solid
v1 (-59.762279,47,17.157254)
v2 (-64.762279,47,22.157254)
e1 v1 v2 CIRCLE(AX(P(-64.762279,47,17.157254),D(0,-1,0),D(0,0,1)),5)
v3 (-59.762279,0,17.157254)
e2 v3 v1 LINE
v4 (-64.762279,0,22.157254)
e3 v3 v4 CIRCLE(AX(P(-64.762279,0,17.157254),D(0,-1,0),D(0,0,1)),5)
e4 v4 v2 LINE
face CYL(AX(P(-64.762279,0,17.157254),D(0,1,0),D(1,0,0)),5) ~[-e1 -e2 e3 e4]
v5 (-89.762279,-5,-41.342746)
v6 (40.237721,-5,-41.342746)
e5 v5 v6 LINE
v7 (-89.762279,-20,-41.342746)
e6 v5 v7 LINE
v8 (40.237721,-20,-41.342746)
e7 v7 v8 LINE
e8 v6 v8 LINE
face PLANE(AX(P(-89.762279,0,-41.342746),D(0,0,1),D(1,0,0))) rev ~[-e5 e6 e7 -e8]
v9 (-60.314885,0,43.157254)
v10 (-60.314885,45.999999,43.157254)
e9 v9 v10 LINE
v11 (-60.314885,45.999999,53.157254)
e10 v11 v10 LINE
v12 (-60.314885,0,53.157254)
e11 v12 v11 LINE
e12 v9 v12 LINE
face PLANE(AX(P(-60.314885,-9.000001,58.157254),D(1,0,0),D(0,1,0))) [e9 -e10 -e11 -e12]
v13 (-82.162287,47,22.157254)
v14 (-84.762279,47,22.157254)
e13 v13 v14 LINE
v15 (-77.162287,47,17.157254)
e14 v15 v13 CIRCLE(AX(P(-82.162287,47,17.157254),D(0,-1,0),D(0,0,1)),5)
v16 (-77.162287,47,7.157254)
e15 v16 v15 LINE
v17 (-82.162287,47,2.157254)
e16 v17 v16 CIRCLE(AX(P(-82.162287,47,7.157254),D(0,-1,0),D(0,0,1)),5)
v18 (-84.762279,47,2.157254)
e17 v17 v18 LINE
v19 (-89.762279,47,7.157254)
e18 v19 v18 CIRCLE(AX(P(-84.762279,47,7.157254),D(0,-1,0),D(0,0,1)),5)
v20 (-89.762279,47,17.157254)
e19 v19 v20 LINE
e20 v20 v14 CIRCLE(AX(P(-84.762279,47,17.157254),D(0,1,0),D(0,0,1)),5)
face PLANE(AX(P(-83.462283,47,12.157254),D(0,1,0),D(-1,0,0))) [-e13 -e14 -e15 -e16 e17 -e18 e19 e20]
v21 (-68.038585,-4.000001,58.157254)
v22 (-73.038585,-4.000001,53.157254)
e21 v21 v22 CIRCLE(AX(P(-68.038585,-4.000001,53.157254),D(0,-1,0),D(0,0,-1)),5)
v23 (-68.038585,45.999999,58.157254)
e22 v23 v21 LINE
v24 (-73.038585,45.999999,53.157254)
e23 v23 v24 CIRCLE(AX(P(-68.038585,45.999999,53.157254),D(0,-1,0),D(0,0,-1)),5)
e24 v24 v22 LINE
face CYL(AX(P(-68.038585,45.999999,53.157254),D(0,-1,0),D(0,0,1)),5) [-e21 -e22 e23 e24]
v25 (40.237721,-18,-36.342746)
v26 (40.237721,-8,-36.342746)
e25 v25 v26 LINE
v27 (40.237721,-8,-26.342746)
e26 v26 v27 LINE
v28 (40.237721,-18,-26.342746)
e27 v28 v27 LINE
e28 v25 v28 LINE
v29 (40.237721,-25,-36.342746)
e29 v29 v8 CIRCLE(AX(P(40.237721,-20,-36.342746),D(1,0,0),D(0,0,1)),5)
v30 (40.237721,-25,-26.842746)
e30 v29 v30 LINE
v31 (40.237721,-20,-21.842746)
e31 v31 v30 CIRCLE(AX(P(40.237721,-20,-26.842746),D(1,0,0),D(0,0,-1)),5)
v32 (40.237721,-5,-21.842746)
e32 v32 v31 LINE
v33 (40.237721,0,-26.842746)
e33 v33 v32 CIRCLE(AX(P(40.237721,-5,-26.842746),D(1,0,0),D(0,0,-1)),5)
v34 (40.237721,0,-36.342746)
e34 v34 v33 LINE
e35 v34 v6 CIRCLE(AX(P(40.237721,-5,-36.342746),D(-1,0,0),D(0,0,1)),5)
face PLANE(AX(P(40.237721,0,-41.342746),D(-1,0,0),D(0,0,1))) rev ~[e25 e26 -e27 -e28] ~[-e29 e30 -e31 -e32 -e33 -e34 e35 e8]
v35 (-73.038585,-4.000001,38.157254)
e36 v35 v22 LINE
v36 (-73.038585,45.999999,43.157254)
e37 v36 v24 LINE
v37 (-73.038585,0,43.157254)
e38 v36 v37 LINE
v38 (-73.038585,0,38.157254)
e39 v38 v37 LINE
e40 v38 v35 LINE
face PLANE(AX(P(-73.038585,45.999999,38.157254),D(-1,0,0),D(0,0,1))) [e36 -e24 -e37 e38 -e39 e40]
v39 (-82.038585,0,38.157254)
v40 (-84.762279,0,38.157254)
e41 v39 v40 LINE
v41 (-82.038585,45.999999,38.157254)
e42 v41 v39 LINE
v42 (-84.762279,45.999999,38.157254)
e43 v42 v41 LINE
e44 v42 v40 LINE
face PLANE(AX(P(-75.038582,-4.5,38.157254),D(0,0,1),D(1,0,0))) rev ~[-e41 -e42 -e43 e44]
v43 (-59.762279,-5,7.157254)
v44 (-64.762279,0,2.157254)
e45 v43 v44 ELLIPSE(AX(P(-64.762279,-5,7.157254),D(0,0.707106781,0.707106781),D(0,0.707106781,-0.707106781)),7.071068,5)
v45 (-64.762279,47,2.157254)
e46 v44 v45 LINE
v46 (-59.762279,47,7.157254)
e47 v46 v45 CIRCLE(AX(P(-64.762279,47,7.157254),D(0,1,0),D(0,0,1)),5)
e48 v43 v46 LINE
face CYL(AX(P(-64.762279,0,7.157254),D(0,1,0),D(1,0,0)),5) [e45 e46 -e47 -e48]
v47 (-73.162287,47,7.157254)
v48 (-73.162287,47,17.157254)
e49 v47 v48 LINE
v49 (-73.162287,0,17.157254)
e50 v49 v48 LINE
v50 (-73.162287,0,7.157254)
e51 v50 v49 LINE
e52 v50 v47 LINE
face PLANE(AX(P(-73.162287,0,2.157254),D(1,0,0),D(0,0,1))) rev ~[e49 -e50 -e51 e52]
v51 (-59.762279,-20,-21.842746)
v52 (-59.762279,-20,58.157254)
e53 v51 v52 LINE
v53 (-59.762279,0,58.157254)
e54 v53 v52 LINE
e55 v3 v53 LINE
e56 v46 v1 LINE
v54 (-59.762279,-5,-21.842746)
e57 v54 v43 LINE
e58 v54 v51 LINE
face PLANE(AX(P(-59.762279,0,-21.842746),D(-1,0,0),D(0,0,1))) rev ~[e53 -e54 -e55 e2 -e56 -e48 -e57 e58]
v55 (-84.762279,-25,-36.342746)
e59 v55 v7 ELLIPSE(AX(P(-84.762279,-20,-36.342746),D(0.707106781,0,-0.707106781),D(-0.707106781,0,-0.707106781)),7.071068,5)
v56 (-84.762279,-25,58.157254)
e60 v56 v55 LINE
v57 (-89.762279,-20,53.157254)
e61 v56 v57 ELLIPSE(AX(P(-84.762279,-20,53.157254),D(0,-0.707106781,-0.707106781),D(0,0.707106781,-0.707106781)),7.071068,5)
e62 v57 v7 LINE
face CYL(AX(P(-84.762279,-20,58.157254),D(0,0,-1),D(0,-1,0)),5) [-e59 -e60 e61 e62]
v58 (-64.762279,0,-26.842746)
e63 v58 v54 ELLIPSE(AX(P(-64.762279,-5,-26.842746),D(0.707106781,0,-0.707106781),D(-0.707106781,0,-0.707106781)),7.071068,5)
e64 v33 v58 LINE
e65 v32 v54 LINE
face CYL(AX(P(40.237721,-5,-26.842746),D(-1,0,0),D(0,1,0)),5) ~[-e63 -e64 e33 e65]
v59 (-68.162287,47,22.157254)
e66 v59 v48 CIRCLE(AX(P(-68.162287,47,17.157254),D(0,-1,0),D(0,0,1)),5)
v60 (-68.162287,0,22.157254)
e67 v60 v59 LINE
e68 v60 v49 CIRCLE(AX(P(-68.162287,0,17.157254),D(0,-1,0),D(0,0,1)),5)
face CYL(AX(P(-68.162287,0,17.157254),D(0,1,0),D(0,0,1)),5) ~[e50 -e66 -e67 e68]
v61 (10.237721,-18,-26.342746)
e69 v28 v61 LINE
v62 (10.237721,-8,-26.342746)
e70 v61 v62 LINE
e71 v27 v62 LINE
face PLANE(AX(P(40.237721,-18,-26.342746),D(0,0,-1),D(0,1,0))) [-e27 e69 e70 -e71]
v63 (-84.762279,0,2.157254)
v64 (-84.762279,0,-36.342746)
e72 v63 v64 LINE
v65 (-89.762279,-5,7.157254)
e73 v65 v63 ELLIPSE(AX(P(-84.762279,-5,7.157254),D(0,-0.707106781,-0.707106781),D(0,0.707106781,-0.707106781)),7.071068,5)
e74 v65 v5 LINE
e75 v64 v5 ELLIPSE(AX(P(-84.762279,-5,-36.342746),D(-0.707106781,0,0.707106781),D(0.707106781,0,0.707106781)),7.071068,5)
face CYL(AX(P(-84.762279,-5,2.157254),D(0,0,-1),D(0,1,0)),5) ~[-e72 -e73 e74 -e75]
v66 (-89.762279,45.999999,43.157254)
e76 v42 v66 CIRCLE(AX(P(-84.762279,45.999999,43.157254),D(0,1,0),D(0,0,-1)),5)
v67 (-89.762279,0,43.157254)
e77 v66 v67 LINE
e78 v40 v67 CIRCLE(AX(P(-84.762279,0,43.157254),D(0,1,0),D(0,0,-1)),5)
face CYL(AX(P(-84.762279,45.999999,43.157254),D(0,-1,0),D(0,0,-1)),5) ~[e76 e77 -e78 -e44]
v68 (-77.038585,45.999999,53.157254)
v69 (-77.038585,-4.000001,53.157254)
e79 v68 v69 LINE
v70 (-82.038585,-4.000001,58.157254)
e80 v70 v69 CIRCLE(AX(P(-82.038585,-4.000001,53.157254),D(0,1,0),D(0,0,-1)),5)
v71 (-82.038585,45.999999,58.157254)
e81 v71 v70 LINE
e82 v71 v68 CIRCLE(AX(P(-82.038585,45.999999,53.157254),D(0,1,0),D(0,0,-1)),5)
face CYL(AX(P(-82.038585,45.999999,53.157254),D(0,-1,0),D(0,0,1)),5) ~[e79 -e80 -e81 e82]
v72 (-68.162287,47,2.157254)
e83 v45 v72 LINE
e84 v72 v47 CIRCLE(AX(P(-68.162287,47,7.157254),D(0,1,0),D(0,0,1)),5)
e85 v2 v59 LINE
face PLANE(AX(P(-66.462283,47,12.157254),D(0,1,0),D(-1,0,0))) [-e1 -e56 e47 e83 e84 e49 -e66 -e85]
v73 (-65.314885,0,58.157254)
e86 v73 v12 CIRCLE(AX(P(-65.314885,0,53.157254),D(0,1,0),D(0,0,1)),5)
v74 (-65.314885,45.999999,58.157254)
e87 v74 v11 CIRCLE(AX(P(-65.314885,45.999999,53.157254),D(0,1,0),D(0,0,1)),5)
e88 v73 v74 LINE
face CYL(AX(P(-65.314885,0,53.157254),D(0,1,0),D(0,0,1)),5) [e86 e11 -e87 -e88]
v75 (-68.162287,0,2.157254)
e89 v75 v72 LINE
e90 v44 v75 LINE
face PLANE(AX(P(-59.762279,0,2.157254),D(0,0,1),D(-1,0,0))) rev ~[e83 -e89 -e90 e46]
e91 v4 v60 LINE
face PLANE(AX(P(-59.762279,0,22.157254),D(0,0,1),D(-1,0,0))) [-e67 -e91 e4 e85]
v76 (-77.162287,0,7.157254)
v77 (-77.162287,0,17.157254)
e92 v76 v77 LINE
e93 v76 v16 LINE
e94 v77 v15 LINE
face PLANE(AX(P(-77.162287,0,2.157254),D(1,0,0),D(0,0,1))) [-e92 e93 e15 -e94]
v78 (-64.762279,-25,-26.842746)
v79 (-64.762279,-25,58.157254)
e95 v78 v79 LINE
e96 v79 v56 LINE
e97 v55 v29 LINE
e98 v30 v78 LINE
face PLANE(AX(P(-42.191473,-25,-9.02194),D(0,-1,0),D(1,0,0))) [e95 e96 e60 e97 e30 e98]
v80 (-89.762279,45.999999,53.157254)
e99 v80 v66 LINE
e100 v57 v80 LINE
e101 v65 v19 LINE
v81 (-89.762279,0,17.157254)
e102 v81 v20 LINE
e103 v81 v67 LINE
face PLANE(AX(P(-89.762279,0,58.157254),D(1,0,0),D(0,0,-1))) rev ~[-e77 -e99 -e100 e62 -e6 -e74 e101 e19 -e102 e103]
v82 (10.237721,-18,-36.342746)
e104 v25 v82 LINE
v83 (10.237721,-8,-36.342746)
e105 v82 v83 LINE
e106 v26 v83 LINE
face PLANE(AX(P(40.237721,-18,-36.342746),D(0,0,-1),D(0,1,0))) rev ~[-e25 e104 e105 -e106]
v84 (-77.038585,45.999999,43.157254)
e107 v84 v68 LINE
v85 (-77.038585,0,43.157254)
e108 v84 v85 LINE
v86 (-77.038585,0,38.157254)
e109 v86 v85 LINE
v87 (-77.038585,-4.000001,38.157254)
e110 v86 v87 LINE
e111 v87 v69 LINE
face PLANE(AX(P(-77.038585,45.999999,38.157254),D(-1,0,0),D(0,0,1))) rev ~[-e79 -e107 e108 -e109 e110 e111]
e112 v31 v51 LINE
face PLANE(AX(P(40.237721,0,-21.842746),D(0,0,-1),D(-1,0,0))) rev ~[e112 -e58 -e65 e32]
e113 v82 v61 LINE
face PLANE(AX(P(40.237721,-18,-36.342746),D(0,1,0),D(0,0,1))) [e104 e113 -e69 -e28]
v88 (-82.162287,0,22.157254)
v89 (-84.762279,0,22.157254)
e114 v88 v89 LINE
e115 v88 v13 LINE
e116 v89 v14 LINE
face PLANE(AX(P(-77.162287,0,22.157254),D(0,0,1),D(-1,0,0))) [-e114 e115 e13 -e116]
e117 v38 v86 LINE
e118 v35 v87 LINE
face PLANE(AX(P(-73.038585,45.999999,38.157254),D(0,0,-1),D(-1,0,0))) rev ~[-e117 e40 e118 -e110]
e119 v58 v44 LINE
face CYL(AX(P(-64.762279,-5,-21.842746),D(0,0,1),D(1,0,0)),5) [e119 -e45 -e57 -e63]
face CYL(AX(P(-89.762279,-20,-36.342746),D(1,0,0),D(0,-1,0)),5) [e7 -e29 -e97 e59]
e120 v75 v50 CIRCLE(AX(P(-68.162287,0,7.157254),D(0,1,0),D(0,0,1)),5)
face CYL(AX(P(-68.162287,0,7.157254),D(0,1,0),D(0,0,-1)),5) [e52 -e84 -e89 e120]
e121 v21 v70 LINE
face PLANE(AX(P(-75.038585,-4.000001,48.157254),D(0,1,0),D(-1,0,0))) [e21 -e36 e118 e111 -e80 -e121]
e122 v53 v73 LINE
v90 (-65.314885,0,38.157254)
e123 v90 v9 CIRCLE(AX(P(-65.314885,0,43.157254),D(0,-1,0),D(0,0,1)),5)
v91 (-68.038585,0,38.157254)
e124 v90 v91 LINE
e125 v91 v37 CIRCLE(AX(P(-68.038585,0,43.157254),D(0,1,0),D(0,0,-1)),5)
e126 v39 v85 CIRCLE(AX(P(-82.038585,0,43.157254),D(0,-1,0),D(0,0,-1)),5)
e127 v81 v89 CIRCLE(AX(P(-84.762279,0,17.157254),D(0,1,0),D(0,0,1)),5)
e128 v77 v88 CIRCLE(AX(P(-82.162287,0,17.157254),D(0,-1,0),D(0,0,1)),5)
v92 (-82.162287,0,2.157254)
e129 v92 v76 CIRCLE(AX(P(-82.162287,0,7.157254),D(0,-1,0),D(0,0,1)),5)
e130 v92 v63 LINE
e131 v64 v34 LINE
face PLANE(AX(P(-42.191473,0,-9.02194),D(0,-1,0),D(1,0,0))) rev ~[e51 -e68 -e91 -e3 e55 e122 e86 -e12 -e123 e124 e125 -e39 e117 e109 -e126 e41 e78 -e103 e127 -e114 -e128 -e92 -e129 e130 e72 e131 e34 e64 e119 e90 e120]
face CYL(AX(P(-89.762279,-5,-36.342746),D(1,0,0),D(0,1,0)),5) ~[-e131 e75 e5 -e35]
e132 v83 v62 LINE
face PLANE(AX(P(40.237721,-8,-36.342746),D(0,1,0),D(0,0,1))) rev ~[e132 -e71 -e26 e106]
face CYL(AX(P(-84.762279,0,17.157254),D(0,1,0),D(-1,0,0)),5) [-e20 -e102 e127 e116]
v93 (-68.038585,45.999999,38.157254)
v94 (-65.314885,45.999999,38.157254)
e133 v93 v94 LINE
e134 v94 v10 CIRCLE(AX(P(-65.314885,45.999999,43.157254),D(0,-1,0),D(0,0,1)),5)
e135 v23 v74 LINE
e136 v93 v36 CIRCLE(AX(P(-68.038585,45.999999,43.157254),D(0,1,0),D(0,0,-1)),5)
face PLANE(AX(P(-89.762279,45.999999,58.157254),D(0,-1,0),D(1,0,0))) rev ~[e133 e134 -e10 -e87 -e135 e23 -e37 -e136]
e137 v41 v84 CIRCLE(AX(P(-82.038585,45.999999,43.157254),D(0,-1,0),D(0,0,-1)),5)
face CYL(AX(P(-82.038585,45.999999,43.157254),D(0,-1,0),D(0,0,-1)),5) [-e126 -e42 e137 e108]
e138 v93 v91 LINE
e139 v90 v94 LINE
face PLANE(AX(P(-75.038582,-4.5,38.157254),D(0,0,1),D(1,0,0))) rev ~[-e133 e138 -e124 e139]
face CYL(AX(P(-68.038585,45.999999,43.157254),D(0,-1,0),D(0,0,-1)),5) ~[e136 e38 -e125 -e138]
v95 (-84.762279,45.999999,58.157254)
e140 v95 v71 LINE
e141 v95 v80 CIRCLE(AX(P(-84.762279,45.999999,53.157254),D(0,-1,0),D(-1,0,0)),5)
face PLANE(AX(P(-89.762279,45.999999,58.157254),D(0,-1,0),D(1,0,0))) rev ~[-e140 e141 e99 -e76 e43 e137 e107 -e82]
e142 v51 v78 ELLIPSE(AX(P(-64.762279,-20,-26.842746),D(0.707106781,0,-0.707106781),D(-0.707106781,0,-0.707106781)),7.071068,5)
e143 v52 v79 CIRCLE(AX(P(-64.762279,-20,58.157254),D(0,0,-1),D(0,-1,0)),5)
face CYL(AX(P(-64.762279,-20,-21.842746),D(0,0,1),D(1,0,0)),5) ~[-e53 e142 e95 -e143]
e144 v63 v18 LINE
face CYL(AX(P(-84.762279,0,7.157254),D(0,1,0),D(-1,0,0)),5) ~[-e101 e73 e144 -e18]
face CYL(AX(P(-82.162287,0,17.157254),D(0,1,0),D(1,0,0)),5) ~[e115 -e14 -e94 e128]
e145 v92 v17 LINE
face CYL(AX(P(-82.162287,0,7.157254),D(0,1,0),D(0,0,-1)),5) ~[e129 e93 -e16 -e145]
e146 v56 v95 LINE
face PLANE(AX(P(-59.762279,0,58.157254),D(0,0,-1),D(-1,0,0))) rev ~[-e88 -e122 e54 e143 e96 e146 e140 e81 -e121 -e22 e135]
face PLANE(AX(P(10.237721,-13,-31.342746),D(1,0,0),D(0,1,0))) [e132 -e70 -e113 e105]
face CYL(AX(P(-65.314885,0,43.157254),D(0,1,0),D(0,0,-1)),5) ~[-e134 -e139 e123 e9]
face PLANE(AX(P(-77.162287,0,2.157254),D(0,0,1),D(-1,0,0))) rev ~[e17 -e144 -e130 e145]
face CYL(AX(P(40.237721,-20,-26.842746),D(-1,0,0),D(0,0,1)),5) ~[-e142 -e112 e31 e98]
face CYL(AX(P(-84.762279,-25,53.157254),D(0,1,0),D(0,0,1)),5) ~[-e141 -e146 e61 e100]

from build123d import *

# Parameters (mm, degrees)
F1_DEPTH      = 25
F2_W          = 29.447394362
F2_H          = 9.0000005439
F2_H_2        = 45.9999994561
F3_DEPTH      = 20
F4_W          = 4
F4_H          = 20
F5_DEPTH      = 50
F6_W          = 13.4000085294
F6_H          = 20
F6_W_2        = 12.5999914706
F7_DEPTH      = 47
F7_DEPTH_BACK = 10
F8_W          = 10
F8_H          = 10
F9_DEPTH      = 30
F10_R         = 5


with BuildPart() as f1:
    # F0 (on Front) → F1 (new body)
    with BuildSketch(Plane.XZ):
        Polygon((-89.7622789443, -41.3427457391), (40.2377210557, -41.3427457391), (40.2377210557, -41.1998914442), (40.2377210557, -21.8427457391), (-59.7622789443, -21.8427457391), (-59.7622789443, 58.1572542609), (-89.7622789443, 58.1572542609), align=None)
    extrude(amount=F1_DEPTH)

    # F2 (on face) → F3 (join)
    with BuildSketch(Plane.XY.offset(58.1572542609)):
        with Locations((-75.0385817632, -4.5000002719)):
            Rectangle(F2_W, F2_H)
        with Locations((-75.0385817632, 22.9999997281)):
            Rectangle(F2_W, F2_H_2)
    extrude(amount=-F3_DEPTH)

    # F4 (on face) → F5 (cut)
    with BuildSketch(Plane(origin=(0, 45.9999994561, 0), x_dir=(-1, 0, 0), z_dir=(0, 1, 0))):
        with Locations((75.038585484, 48.1572542609)):
            Rectangle(F4_W, F4_H)
    extrude(amount=-F5_DEPTH, mode=Mode.SUBTRACT)

    # F6 (on face) → F7 (join, two sides)
    with BuildSketch(Plane(origin=(0, 0, 0), x_dir=(-1, 0, 0), z_dir=(0, 1, 0))) as f7_sk:
        with Locations((66.462283209, 12.1572542609)):
            Rectangle(F6_W, F6_H)
        with Locations((83.462283209, 12.1572542609)):
            Rectangle(F6_W_2, F6_H)
    extrude(amount=F7_DEPTH)
    extrude(f7_sk.sketch, amount=-F7_DEPTH_BACK)

    # F8 (on face) → F9 (cut)
    with BuildSketch(Plane.YZ.offset(40.2377210557)):
        with Locations((-13, -31.3427457391)):
            Rectangle(F8_W, F8_H)
    extrude(amount=-F9_DEPTH, mode=Mode.SUBTRACT)

    # F10
    f10_edges = [f1.edges().sort_by_distance(p)[0] for p in [
        (-60.314885, 23, 58.157254),
        (-73.038585, 20.999999, 58.157254),
        (-60.314885, 23, 38.157254),
        (-73.038585, 23, 38.157254),
        (-77.038585, 23, 38.157254),
        (-89.762279, 23, 38.157254),
        (-89.762279, 10.5, 58.157254),
        (-77.038585, 20.999999, 58.157254),
        (-89.762279, 23.5, 2.157254),
        (-89.762279, 23.5, 22.157254),
        (-77.162287, 23.5, 22.157254),
        (-77.162287, 23.5, 2.157254),
        (-73.162287, 23.5, 2.157254),
        (-59.762279, 23.5, 2.157254),
        (-59.762279, 23.5, 22.157254),
        (-73.162287, 23.5, 22.157254),
        (-9.762279, 0, -21.842746),
        (-24.762279, 0, -41.342746),
        (-89.762279, 0, -19.592746),
        (-59.762279, 0, -9.842746),
        (-89.762279, -25, 8.407254),
        (-24.762279, -25, -41.342746),
        (-9.762279, -25, -21.842746),
        (-59.762279, -25, 18.157254),
    ]]
    fillet(f10_edges, radius=F10_R)


solid = f1.part
